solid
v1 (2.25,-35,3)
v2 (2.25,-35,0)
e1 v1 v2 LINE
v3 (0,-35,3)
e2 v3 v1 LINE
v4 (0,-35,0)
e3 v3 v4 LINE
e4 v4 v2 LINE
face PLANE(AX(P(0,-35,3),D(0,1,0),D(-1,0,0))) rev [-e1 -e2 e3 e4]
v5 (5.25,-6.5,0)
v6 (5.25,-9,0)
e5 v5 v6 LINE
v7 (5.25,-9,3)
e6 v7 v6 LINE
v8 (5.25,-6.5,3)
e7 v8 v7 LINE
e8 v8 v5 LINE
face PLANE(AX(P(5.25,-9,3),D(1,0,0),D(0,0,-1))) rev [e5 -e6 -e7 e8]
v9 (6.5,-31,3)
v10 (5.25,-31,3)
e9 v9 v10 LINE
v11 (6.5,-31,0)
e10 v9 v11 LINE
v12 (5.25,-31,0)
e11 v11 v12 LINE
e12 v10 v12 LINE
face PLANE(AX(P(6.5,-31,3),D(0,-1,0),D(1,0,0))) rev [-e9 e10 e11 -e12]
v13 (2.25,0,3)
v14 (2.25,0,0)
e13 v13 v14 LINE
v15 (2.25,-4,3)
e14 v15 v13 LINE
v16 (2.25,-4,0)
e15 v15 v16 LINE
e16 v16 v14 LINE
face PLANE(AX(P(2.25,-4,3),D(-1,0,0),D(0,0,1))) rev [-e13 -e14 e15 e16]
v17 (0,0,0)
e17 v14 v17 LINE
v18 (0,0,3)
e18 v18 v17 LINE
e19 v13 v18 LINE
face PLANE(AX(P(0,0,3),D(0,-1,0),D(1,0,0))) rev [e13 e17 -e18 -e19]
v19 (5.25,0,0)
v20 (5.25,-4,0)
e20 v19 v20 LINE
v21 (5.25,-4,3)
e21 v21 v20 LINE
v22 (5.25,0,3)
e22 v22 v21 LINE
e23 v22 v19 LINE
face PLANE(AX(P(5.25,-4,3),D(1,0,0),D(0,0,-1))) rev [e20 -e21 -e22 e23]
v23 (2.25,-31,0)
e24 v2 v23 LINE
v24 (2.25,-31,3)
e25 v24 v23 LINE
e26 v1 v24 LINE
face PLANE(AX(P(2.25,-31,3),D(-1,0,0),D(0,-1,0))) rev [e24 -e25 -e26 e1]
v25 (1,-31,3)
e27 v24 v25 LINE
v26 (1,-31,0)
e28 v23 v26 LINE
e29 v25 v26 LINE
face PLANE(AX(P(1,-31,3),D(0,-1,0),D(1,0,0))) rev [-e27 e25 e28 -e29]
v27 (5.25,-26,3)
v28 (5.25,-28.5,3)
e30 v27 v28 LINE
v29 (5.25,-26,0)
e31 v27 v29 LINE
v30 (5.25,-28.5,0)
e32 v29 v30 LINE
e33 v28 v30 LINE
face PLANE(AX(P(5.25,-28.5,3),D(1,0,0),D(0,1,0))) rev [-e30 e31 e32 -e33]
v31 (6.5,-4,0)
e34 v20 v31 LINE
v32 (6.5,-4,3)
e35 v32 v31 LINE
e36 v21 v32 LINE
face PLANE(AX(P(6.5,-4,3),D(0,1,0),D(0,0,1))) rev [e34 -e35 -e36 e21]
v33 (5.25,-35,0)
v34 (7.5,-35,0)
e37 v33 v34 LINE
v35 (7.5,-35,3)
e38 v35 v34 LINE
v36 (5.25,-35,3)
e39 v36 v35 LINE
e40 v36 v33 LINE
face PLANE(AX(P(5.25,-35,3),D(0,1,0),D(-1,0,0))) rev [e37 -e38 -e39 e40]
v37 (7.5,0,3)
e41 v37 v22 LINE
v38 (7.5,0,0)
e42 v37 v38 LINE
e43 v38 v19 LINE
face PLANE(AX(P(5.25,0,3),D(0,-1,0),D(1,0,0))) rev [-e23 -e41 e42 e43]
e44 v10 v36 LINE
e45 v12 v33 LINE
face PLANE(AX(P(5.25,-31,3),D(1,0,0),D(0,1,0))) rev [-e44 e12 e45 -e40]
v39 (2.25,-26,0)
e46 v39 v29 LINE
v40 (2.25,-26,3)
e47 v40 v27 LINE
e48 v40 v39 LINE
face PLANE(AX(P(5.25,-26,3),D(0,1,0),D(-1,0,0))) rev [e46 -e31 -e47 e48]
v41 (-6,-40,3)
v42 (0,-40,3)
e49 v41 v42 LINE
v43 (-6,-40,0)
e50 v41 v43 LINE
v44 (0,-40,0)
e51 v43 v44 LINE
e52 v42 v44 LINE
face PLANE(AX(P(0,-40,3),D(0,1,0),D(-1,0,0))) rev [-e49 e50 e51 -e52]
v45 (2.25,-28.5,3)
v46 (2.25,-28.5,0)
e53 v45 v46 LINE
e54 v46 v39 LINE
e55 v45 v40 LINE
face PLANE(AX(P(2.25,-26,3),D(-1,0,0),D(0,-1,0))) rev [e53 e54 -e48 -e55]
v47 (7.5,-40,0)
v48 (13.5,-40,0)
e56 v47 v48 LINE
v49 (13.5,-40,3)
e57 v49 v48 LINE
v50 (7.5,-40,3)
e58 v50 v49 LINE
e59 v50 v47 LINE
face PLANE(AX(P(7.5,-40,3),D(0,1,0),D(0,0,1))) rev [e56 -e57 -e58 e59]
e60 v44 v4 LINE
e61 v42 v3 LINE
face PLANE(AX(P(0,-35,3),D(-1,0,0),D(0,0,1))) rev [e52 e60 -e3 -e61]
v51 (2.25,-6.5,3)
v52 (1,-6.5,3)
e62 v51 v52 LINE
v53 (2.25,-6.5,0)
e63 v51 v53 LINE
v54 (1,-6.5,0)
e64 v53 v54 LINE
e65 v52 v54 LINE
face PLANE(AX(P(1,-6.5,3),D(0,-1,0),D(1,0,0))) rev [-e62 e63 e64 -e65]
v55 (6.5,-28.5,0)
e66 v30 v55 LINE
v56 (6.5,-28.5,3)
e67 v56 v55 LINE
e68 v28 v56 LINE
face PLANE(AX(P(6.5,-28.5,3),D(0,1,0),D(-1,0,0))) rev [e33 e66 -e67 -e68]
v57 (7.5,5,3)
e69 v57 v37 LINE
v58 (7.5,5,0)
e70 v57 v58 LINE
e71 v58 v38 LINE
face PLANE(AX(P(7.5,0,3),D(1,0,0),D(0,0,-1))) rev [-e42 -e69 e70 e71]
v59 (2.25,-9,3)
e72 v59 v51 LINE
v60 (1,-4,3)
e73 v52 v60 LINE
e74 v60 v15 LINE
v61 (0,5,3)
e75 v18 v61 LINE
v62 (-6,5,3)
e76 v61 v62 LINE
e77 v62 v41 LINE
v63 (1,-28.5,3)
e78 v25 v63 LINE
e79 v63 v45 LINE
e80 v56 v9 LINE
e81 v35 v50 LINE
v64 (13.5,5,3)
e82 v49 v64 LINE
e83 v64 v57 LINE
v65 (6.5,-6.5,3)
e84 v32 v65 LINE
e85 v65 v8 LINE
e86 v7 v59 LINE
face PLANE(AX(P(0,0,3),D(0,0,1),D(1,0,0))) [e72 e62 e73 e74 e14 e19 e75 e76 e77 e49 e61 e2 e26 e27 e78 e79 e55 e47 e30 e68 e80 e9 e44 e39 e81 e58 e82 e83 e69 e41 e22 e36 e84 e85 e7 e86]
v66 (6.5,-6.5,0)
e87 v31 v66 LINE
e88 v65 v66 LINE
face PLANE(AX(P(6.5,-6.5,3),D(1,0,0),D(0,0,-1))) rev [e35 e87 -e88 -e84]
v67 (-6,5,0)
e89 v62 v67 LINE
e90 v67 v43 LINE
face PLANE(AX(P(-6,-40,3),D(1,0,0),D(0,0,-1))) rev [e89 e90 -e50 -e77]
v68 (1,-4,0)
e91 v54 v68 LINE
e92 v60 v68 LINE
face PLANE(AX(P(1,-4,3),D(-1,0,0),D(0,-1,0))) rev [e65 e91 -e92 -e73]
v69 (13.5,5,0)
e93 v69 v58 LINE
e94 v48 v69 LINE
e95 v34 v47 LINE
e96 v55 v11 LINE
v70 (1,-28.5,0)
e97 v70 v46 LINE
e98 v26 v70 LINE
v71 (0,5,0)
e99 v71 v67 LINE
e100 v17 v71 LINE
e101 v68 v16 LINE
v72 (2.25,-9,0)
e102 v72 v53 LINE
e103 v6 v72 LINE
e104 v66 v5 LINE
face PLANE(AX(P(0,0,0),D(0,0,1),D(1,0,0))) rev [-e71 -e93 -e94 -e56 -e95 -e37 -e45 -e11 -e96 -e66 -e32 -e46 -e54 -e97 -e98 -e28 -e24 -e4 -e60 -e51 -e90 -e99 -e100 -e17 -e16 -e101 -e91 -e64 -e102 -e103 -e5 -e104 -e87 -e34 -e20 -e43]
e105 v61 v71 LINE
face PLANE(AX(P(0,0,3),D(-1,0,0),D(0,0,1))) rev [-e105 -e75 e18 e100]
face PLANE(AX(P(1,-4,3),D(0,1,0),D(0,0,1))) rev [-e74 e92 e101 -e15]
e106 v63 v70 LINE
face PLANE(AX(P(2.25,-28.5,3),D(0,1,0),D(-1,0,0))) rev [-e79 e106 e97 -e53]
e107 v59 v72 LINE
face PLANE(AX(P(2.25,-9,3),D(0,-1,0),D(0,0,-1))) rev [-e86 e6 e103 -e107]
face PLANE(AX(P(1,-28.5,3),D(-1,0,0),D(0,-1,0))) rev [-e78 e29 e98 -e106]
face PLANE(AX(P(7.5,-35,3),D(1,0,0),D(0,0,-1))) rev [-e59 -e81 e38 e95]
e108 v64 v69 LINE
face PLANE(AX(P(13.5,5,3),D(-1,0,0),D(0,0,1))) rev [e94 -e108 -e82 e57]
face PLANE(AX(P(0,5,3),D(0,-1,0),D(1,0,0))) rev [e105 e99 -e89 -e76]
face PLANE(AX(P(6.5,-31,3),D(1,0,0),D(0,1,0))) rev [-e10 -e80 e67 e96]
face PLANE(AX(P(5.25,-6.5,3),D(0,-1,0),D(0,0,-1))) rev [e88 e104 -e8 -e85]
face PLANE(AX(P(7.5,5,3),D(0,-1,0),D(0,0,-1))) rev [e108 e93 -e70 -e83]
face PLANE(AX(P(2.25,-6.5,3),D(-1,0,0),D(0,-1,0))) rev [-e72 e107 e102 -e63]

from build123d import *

# Parameters (mm, degrees)
RESSALTO_EXTRUS_O1_DEPTH = 3


with BuildPart() as part:
    # Esboço1 → Ressalto-extrusão1 (new body)
    with BuildSketch(Plane.XY):
        Polygon((0, 0), (2.25, 0), (2.25, -4), (1, -4), (1, -6.5), (2.25, -6.5), (2.25, -9), (5.25, -9), (5.25, -6.5), (6.5, -6.5), (6.5, -4), (5.25, -4), (5.25, 0), (7.5, 0), (7.5, 5), (13.5, 5), (13.5, 0), (13.5, -35), (13.5, -40), (7.5, -40), (7.5, -35), (5.25, -35), (5.25, -31), (6.5, -31), (6.5, -28.5), (5.25, -28.5), (5.25, -26), (2.25, -26), (2.25, -28.5), (1, -28.5), (1, -31), (2.25, -31), (2.25, -35), (0, -35), (0, -40), (-6, -40), (-6, -35), (-6, 0), (-6, 5), (0, 5), align=None)
    extrude(amount=RESSALTO_EXTRUS_O1_DEPTH)


solid = part.part
